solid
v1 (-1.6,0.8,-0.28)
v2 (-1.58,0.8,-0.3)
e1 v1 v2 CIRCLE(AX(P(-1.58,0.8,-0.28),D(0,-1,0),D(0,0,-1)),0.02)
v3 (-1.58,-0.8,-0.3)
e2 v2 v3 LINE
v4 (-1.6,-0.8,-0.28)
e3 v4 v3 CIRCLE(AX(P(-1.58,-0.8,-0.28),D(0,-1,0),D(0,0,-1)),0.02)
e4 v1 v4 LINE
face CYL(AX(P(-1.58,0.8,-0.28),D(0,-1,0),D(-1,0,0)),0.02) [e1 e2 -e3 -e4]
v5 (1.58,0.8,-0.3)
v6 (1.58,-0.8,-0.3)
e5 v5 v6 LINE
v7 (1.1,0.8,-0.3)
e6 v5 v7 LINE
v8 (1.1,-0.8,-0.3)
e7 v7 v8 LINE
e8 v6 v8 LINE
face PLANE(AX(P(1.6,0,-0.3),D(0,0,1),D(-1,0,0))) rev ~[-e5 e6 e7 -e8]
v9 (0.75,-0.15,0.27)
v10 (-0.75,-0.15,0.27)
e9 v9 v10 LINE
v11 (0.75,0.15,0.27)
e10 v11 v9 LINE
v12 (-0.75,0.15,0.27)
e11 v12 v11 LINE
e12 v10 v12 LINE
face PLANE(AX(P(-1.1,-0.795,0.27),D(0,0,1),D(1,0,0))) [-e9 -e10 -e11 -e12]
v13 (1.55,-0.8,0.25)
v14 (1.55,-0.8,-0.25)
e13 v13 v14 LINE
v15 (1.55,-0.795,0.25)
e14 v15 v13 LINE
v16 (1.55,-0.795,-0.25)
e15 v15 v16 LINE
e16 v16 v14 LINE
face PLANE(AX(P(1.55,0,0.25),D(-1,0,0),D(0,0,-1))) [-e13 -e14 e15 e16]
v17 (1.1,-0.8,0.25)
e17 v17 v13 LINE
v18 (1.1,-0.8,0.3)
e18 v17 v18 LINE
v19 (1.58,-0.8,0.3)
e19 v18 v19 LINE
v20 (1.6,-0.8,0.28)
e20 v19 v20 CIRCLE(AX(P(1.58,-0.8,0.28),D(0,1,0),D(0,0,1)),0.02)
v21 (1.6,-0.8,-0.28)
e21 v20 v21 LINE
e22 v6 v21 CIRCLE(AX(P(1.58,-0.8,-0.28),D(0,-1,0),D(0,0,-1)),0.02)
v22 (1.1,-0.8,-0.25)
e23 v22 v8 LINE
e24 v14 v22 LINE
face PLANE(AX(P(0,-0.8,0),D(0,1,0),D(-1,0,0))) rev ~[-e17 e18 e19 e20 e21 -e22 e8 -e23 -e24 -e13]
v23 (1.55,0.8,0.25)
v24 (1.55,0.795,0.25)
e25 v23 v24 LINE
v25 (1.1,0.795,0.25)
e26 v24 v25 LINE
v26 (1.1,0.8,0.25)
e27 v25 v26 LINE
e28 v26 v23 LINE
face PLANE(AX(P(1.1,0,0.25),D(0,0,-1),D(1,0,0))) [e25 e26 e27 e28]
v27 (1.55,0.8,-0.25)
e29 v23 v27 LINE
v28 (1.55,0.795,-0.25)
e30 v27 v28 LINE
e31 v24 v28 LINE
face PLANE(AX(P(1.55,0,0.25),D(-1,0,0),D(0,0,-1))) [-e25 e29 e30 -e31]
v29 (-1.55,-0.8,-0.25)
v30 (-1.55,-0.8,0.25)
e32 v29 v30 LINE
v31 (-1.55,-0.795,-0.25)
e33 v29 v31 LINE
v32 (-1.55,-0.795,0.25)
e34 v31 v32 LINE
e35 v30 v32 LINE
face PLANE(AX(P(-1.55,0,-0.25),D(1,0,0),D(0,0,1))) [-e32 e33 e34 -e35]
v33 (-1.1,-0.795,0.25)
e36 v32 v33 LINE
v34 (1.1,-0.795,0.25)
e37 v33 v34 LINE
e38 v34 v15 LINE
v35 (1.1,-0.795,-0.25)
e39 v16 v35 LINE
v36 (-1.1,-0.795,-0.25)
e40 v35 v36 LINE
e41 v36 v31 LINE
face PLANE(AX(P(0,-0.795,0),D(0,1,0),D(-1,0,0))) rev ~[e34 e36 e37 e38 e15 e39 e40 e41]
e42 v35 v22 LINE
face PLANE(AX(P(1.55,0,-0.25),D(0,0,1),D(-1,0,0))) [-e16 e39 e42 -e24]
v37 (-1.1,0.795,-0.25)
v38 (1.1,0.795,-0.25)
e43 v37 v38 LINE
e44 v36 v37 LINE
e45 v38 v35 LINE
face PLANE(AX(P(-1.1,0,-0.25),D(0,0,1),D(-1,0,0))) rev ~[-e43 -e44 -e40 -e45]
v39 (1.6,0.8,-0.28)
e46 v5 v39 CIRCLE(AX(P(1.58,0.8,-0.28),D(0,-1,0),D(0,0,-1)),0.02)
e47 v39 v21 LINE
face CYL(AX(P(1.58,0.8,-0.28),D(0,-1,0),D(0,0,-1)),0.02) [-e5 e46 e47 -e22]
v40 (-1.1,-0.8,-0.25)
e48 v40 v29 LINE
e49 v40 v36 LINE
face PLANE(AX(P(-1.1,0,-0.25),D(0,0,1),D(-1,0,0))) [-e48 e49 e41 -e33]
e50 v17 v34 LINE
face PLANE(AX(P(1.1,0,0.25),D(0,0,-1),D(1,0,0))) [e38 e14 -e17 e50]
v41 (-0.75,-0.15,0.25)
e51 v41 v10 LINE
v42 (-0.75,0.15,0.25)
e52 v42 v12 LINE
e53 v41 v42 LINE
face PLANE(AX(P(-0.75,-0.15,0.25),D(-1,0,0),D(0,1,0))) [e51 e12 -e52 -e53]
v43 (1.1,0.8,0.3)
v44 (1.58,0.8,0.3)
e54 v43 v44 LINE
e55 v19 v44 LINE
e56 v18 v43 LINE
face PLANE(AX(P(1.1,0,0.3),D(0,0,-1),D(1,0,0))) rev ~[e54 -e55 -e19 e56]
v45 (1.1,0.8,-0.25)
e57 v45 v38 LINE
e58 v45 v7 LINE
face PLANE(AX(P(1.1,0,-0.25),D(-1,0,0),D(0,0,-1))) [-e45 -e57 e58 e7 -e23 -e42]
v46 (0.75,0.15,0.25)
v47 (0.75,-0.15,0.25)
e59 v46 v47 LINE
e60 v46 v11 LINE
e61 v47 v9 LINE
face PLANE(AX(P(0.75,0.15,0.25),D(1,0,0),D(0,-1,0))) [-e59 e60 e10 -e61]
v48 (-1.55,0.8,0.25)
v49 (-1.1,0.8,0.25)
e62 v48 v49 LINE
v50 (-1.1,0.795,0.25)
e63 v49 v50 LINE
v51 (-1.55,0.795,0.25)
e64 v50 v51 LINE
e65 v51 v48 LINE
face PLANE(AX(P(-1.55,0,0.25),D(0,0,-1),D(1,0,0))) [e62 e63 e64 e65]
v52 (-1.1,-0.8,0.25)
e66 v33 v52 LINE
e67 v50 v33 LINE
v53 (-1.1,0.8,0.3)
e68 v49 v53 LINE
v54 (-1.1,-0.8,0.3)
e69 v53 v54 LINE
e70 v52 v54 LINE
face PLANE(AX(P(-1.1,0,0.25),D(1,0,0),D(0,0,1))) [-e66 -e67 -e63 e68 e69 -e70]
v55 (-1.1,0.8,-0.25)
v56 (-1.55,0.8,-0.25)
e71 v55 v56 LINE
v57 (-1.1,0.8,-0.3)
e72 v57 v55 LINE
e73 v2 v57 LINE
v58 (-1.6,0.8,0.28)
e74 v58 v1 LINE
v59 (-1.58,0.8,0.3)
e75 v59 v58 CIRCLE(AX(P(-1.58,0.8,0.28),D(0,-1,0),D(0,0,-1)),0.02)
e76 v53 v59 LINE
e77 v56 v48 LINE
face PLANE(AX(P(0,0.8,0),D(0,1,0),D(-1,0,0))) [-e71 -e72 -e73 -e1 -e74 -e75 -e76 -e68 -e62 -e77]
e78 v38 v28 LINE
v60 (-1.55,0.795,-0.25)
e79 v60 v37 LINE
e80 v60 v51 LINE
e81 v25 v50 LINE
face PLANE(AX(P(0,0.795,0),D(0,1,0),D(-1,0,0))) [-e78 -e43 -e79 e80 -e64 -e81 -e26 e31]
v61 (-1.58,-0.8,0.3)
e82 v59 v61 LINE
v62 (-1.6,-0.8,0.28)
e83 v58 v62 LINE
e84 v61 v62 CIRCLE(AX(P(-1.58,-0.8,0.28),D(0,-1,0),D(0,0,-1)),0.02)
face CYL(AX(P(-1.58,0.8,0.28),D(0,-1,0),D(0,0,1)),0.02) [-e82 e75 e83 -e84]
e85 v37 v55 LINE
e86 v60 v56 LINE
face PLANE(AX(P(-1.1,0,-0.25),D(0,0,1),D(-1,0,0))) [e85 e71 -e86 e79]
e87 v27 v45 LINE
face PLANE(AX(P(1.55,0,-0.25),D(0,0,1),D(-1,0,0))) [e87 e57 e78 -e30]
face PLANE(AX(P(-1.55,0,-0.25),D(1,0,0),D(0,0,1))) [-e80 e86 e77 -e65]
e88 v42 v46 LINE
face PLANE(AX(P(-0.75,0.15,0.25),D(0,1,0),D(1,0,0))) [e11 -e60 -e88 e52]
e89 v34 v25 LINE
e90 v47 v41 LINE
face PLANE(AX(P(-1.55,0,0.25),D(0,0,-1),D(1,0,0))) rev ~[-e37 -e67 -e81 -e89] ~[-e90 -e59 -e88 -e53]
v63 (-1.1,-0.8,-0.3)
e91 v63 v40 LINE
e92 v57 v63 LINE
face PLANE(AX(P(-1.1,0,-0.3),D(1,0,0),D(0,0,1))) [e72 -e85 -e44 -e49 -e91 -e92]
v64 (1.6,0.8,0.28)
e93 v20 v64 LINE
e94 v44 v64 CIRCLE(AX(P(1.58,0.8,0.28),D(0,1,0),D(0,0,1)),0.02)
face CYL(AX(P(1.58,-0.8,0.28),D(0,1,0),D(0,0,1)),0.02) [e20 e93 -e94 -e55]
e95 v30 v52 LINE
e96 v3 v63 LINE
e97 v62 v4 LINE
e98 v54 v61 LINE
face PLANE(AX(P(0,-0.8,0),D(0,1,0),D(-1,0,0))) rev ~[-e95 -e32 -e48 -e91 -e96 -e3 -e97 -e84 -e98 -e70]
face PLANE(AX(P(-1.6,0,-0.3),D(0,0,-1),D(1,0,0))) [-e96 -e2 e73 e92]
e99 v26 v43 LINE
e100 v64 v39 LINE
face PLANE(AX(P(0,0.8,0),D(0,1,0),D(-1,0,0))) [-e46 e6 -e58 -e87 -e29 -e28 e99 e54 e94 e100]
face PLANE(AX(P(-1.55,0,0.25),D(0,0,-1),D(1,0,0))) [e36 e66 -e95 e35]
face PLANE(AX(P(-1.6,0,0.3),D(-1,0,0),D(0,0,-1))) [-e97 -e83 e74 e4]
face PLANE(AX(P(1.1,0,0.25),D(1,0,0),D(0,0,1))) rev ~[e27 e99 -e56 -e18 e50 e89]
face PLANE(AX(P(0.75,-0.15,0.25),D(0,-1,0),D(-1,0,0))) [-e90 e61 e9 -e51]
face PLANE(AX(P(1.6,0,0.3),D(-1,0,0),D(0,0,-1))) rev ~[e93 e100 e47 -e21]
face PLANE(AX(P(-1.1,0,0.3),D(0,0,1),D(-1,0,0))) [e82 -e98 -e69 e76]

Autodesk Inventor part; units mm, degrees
ref_plane "YZ Plane" through (0, 0, 0) normal (1, 0, 0) x (0, 1, 0)
ref_plane "XZ Plane" through (0, 0, 0) normal (0, 1, 0) x (-1, 0, 0)
ref_plane "XY Plane" through (0, 0, 0) normal (0, 0, 1) x (1, 0, 0)
sketch "Sketch1" plane through (0, 0, 0) normal (0, 1, 0) x (-1, 0, 0)
  line L0 (1.55, 0.25) -> (-1.55, 0.25)
  line L1 (-1.55, 0.25) -> (-1.55, -0.25)
  line L2 (-1.55, -0.25) -> (1.55, -0.25)
  line L3 (1.55, -0.25) -> (1.55, 0.25)
  line L4 (1.1, 0.25) -> (1.1, 0.3)
  line L5 (1.1, 0.3) -> (1.6, 0.3)
  line L6 (1.6, 0.3) -> (1.6, -0.3)
  line L7 (1.6, -0.3) -> (1.1, -0.3)
  line L8 (1.1, -0.3) -> (1.1, -0.25)
  line L9 (-1.1, 0.25) -> (-1.1, 0.3)
  line L10 (-1.1, 0.3) -> (-1.6, 0.3)
  line L11 (-1.6, 0.3) -> (-1.6, -0.3)
  line L12 (-1.6, -0.3) -> (-1.1, -0.3)
  line L13 (-1.1, -0.25) -> (-1.1, -0.3)
  line L14 (1.1, 0.25) -> (-1.1, 0.25)
  point P0 (0, 0)
  point P1 (0, 0.25)
  point P2 (1.55, 0)
  dimension "d0" = 3.2
  dimension "d1" = 0.05
  dimension "d2" = 0.05
  dimension "d3" = 0.6
  dimension "d4" = 0.5
extrude "Extrusion1" add sketch "Sketch1" along normal mid plane 1.6 contours L0 L4 L5 L6 L7 L8 L2 L3 | L0 L1 L2 L13 L12 L11 L10 L9
extrude "Extrusion2" add sketch "Sketch1" along normal mid plane 1.59 contours L3 L2 L1 L0
sketch "Sketch2" plane through (-1.1, -0.795, 0.25) normal (0, 0, 1) x (1, 0, 0)
  line L0 (0, 0) -> (0, 1.59) projected
  line L1 (2.2, 0) -> (0, 0) projected
  line L2 (2.2, 0) -> (2.2, 1.59) projected
  line L3 (0, 1.59) -> (2.2, 1.59) projected
  line L4 (0, 0.795) -> (2.2, 0.795) construction
  line L5 (1.85, 0.645) -> (0.35, 0.645)
  line L6 (0.35, 0.645) -> (0.35, 0.945)
  line L7 (0.35, 0.945) -> (1.85, 0.945)
  line L8 (1.85, 0.945) -> (1.85, 0.645)
  line L9 (1.85, 0.645) -> (0.35, 0.945) construction
  line L10 (0.35, 0.645) -> (1.85, 0.945) construction
  point P0 (1.1, 0.795)
  dimension "d12" = 1.5
  dimension "d13" = 0.3
extrude "Extrusion3" add sketch "Sketch2" along normal blind 0.02 contours L5 L6 L7 L8
fillet "Fillet1" radius 0.02 4 edges at (-1.6, 0, 0.3) (-1.6, 0, -0.3) (1.6, 0, 0.3) (1.6, 0, -0.3)
equation "\"d2\" = d1"
properties part number "21-1001" material "Copper"
